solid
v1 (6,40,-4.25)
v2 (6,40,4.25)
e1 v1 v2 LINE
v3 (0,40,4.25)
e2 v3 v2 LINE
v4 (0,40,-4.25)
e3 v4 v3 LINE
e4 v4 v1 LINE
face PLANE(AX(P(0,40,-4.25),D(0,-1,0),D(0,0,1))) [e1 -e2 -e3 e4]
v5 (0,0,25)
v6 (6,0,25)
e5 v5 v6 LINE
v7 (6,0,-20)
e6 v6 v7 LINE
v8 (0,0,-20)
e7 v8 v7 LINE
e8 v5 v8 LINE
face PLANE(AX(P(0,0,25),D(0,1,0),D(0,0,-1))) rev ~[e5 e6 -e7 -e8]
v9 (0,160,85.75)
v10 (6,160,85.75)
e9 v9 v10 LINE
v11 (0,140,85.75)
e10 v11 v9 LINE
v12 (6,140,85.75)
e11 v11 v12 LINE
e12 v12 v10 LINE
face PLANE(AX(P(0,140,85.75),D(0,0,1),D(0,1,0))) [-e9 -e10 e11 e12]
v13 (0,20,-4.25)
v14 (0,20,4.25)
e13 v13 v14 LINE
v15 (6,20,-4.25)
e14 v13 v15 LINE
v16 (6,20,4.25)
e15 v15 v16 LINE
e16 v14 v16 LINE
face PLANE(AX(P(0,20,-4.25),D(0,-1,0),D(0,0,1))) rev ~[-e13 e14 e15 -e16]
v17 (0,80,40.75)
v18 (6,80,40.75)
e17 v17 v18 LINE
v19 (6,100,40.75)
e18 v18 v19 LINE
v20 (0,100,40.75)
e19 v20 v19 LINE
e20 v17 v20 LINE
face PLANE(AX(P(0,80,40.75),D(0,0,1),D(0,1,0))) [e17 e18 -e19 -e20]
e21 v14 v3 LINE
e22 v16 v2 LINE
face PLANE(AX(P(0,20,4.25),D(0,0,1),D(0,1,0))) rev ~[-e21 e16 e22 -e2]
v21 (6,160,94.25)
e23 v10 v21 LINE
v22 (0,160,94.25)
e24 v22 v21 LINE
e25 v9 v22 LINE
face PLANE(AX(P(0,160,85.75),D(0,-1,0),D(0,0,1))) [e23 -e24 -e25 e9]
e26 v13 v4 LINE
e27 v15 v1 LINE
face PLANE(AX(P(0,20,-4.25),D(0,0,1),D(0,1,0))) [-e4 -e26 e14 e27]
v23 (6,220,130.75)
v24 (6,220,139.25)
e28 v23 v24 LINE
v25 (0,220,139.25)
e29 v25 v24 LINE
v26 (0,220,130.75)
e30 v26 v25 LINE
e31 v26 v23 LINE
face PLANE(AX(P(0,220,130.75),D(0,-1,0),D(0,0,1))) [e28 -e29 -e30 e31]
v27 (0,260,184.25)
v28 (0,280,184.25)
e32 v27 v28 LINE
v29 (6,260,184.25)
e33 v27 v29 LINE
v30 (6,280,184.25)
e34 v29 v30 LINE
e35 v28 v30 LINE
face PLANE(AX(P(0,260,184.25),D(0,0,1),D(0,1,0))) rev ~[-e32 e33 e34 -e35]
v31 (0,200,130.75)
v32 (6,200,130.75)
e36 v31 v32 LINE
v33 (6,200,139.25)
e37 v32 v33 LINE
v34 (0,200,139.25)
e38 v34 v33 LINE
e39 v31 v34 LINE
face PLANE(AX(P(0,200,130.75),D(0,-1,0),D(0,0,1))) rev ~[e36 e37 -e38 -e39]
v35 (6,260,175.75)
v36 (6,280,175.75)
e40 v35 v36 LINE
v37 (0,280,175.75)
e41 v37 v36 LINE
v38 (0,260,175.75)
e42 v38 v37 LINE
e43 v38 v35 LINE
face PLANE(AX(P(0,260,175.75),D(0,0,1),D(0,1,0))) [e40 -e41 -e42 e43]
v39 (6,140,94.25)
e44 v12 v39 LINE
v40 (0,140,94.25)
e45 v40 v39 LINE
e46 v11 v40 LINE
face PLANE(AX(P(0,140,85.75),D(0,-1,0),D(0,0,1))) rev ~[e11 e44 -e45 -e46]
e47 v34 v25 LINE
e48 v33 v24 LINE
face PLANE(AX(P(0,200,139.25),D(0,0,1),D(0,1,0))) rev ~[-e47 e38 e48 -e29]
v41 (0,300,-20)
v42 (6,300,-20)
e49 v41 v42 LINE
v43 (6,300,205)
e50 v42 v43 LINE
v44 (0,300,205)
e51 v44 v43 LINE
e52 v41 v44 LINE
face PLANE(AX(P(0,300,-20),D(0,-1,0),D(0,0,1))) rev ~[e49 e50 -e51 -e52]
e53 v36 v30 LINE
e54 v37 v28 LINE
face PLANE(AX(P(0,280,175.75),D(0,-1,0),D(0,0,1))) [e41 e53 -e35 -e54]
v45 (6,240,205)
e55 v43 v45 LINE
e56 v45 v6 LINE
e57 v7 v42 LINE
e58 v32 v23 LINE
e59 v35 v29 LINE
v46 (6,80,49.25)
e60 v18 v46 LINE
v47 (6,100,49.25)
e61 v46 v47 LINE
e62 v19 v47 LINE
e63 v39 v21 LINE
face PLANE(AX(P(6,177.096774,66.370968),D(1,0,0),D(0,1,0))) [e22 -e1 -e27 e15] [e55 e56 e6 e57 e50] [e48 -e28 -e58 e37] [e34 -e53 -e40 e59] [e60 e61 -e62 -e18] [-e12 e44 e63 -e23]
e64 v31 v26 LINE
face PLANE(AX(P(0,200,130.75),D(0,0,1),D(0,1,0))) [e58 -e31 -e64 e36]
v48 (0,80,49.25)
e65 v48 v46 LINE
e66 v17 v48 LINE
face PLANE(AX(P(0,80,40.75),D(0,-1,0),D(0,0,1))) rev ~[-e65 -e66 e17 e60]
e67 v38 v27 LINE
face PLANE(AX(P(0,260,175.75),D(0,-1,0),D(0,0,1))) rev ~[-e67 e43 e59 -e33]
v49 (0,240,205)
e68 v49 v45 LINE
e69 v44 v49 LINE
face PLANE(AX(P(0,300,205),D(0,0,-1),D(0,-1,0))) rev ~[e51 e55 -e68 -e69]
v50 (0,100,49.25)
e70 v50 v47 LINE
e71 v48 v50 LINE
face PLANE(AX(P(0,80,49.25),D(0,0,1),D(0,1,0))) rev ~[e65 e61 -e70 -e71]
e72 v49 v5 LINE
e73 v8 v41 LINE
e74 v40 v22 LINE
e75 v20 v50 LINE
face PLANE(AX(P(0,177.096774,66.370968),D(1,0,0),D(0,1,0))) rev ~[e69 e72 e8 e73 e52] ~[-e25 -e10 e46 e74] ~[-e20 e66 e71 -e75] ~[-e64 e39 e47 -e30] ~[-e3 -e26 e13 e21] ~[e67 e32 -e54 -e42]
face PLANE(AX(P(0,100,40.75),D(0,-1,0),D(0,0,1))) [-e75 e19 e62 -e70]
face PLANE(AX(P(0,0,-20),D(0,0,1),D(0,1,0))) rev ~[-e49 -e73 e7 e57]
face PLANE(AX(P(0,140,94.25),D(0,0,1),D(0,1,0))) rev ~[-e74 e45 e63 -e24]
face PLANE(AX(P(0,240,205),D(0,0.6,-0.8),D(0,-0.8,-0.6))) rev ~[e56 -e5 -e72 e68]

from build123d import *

# Parameters (mm, degrees)
F0_W     = 20
F0_H     = 8.5
F1_DEPTH = 6


with BuildPart() as f1:
    # F0 (on Right) → F1 (new body)
    with BuildSketch(Plane.YZ):
        Polygon((0, 25), (0, 0), (0, -20), (300, -20), (300, 0), (300, 180), (300, 205), (240, 205), align=None)
        with Locations((30, 0)):
            Rectangle(F0_W, F0_H, mode=Mode.SUBTRACT)
        with Locations((90, 45)):
            Rectangle(F0_W, F0_H, mode=Mode.SUBTRACT)
        with Locations((150, 90)):
            Rectangle(F0_W, F0_H, mode=Mode.SUBTRACT)
        with Locations((210, 135)):
            Rectangle(F0_W, F0_H, mode=Mode.SUBTRACT)
        with Locations((270, 180)):
            Rectangle(F0_W, F0_H, mode=Mode.SUBTRACT)
    extrude(amount=F1_DEPTH)


solid = f1.part
